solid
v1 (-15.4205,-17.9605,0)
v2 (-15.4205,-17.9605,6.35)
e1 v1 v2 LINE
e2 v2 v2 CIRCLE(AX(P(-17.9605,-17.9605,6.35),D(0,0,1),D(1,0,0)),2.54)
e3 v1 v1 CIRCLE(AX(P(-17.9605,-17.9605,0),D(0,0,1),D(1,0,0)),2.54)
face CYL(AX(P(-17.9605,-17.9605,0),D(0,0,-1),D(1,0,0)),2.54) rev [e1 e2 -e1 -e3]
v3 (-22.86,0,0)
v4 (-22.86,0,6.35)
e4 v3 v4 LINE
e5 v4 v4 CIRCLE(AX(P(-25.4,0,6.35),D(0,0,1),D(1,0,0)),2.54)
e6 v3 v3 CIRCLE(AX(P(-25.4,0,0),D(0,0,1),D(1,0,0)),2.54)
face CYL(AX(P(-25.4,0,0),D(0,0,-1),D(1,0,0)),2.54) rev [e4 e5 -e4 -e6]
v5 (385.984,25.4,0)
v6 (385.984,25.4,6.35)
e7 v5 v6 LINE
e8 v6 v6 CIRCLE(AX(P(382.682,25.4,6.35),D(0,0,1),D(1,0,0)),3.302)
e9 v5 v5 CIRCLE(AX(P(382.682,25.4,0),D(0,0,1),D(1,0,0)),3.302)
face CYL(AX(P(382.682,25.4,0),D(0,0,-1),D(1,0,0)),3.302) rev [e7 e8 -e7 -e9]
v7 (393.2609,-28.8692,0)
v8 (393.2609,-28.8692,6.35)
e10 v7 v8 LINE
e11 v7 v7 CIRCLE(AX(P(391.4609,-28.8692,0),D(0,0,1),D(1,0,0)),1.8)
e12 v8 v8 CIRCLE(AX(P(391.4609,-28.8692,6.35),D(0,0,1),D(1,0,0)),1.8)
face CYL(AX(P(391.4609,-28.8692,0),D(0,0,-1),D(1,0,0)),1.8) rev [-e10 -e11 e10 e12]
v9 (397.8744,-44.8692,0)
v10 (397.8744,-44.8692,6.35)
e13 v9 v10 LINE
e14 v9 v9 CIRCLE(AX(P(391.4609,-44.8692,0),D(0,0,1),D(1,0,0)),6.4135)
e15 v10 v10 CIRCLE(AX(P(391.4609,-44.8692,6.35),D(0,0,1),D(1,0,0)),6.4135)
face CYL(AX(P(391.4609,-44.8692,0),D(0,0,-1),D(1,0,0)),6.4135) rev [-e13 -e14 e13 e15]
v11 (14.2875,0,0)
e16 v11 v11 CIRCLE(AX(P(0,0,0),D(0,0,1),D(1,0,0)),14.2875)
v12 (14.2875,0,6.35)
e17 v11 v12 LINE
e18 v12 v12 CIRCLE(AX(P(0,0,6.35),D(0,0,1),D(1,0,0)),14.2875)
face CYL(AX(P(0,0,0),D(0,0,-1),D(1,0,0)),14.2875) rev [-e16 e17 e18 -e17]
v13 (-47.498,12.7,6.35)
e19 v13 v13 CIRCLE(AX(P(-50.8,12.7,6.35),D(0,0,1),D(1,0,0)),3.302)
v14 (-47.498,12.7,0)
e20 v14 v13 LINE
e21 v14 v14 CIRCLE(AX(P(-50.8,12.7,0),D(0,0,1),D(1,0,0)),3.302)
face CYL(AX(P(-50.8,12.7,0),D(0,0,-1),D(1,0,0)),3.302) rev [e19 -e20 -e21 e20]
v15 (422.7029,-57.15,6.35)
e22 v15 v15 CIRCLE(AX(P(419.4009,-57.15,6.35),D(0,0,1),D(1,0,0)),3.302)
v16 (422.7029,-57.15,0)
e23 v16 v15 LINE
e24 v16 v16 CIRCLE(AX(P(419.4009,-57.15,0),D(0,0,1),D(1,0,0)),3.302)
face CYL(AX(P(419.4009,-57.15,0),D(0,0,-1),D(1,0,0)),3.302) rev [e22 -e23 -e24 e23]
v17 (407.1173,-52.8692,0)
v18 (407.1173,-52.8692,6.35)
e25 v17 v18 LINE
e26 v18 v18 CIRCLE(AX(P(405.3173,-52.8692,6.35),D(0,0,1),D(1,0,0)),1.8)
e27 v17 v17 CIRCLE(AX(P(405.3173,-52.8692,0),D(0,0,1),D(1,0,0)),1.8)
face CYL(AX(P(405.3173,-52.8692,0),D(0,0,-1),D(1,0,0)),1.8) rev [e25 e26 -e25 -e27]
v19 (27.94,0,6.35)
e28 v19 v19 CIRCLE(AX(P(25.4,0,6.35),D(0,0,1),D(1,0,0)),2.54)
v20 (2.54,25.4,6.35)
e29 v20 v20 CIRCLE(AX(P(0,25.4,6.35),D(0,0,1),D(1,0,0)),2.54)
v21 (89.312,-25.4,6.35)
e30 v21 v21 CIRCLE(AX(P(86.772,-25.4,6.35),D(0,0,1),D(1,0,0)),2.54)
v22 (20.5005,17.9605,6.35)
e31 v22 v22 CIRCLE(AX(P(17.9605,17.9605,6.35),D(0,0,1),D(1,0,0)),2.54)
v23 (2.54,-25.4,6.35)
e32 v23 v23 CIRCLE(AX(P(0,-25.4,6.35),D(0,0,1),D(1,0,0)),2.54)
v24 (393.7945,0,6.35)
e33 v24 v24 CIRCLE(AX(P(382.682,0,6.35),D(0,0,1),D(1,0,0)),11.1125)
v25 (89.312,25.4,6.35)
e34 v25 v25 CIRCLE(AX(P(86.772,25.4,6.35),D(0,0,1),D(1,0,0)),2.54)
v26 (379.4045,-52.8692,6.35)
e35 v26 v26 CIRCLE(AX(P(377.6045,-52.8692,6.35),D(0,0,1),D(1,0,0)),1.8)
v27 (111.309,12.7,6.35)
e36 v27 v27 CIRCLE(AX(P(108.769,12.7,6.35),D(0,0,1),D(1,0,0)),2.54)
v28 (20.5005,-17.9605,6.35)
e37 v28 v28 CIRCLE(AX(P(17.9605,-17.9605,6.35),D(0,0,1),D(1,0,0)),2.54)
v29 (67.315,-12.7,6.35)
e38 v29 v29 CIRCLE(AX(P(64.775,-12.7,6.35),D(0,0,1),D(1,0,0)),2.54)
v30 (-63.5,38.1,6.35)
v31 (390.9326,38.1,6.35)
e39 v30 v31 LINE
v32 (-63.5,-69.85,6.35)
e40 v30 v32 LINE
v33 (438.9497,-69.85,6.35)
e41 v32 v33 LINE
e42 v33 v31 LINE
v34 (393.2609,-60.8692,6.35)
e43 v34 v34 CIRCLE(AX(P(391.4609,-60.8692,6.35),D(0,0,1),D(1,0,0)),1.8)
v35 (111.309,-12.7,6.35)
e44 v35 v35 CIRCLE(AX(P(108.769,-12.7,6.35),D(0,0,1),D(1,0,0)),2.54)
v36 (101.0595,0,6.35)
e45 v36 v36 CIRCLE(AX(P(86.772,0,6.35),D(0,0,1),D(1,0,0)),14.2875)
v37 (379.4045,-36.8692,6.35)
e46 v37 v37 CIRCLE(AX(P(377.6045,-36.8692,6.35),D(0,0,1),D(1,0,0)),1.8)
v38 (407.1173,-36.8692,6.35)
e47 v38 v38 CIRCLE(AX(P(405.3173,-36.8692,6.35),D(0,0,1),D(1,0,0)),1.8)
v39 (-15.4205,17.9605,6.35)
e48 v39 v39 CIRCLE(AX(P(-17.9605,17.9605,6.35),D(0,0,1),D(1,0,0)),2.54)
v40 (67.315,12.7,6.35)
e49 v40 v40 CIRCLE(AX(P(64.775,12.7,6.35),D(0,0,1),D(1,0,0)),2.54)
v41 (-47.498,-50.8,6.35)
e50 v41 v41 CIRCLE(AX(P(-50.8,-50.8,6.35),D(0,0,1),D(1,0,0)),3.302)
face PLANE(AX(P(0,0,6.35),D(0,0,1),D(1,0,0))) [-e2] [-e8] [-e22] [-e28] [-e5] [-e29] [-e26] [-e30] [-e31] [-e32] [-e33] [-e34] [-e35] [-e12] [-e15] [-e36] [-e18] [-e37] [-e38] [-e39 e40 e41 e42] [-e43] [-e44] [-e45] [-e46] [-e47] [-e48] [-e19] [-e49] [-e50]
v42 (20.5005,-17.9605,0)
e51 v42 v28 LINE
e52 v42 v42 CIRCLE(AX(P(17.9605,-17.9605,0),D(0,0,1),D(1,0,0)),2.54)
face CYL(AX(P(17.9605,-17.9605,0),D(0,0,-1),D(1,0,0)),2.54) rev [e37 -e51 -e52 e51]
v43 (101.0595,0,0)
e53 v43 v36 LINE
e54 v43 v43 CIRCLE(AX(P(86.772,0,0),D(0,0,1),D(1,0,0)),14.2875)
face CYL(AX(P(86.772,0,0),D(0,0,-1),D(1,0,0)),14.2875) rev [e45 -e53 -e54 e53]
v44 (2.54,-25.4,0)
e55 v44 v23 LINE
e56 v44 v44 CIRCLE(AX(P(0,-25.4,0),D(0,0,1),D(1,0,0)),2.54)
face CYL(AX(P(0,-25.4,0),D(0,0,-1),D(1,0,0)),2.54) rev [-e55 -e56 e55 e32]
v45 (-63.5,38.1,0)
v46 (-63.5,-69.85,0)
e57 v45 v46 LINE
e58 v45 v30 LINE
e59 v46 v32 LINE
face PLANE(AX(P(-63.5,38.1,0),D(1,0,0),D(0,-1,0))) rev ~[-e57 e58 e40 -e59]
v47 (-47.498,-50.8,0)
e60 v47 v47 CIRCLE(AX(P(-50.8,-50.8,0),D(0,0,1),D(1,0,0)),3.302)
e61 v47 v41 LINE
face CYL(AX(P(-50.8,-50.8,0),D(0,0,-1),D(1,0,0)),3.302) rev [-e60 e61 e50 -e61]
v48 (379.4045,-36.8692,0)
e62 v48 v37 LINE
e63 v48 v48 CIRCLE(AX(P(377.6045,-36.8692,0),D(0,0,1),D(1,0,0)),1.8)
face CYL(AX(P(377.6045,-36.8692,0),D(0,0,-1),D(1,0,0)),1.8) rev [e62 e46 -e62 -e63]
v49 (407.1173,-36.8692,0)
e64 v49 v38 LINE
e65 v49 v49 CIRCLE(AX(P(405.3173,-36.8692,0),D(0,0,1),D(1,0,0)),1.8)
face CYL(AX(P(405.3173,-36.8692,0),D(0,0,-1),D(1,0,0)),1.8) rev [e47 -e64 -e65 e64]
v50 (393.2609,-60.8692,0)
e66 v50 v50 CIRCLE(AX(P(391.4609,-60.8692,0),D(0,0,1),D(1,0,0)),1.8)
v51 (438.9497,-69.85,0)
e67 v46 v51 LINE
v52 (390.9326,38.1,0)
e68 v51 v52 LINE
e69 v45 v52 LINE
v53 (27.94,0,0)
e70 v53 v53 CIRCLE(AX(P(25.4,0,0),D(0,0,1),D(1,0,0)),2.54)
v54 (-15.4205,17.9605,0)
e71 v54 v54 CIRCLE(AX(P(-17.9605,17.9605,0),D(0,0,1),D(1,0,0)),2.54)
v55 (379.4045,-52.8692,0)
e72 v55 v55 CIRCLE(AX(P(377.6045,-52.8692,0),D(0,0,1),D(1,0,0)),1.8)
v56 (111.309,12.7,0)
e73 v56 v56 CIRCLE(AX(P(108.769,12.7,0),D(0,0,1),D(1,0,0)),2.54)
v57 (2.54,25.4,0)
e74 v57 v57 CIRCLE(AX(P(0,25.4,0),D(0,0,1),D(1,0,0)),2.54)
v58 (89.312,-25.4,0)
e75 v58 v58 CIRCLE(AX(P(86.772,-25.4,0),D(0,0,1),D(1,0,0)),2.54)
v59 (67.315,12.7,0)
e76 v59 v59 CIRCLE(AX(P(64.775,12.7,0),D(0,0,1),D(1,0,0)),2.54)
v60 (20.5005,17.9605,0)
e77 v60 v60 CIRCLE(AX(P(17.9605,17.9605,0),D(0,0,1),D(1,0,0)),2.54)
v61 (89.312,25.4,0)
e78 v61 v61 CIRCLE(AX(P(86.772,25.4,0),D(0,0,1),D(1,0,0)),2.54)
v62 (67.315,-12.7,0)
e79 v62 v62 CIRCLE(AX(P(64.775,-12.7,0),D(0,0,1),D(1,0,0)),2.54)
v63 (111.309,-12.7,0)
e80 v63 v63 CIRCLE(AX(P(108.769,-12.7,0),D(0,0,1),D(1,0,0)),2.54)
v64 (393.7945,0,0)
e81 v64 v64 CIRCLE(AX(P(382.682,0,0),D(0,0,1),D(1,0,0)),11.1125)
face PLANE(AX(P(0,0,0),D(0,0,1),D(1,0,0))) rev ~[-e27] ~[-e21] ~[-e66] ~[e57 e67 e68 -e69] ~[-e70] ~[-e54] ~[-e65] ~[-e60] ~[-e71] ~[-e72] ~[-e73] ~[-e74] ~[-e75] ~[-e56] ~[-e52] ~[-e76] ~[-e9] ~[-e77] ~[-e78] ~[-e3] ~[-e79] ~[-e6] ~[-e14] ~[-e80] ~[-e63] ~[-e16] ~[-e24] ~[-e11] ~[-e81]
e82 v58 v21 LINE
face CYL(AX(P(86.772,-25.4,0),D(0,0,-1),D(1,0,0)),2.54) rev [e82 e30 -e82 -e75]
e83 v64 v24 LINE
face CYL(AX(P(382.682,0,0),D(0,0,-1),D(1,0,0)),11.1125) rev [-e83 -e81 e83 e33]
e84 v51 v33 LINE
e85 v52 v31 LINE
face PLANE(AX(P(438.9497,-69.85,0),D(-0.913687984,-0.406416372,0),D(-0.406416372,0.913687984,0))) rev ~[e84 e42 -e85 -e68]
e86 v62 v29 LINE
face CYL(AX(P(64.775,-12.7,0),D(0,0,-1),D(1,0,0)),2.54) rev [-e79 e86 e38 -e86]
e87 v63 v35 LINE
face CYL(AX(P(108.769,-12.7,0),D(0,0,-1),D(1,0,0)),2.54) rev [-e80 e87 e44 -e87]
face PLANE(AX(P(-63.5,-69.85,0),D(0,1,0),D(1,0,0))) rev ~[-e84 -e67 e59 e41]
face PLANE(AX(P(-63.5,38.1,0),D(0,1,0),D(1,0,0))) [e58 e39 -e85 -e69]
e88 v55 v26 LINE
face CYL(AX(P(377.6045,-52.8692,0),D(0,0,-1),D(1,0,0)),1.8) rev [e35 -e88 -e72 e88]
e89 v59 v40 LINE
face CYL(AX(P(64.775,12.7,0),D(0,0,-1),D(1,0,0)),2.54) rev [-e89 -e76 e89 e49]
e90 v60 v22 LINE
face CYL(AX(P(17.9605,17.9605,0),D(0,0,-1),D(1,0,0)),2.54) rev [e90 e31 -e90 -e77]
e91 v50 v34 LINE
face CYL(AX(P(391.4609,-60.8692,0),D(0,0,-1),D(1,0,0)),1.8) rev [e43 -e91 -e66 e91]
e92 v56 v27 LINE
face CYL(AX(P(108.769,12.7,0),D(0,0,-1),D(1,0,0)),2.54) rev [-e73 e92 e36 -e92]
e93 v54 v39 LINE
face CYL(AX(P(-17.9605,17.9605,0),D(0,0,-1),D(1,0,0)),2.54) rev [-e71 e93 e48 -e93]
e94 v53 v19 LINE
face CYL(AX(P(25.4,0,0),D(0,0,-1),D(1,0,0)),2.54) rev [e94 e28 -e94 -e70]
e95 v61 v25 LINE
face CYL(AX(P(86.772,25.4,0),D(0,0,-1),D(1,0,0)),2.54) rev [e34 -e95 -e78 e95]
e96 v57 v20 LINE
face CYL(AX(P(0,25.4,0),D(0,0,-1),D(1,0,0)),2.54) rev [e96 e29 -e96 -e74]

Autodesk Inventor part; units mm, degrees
ref_plane "YZ Plane" through (0, 0, 0) normal (1, 0, 0) x (0, 1, 0)
ref_plane "XZ Plane" through (0, 0, 0) normal (0, 1, 0) x (-1, 0, 0)
ref_plane "XY Plane" through (0, 0, 0) normal (0, 0, 1) x (1, 0, 0)
sketch "Sketch1" plane through (0, 0, 0) normal (0, 0, 1) x (1, 0, 0)
  circle A0 centre (86.772, 0) radius 50.8 construction
  circle A1 centre (0, 0) radius 29.972 construction
  circle A2 centre (0, 0) radius 25.4 construction
  circle A3 centre (0, 25.4) radius 2.54
  circle A4 centre (17.9605, 17.9605) radius 2.54
  circle A5 centre (-17.9605, 17.9605) radius 2.54
  circle A6 centre (-17.9605, -17.9605) radius 2.54
  circle A7 centre (-25.4, 0) radius 2.54
  circle A8 centre (17.9605, -17.9605) radius 2.54
  circle A9 centre (25.4, 0) radius 2.54
  circle A10 centre (0, -25.4) radius 2.54
  line L0 (0, 25.4) -> (0, 0) construction
  line L1 (0, 0) -> (-17.9605, 17.9605) construction
  circle A11 centre (0, 0) radius 35.972 construction
  line L2 (-63.5, 38.1) -> (-63.5, -69.85)
  line L3 (-63.5, -69.85) -> (438.9497, -69.85)
  circle A12 centre (-50.8, 12.7) radius 3.302
  circle A13 centre (-50.8, -50.8) radius 3.302
  line L4 (-63.5, 38.1) -> (390.9326, 38.1)
  circle A14 centre (86.772, 0) radius 14.2875
  circle A15 centre (0, 0) radius 14.2875
  circle A16 centre (86.772, 0) radius 285.75 construction
  circle A17 centre (382.682, 25.4) radius 3.302
  circle A18 centre (419.4009, -57.15) radius 3.302
  circle A19 centre (86.772, 0) radius 25.4 construction
  circle A20 centre (86.772, 25.4) radius 2.54
  circle A21 centre (64.775, 12.7) radius 2.54
  circle A22 centre (64.775, -12.7) radius 2.54
  circle A23 centre (86.772, -25.4) radius 2.54
  circle A24 centre (108.769, -12.7) radius 2.54
  circle A25 centre (108.769, 12.7) radius 2.54
  circle A26 centre (391.4609, -44.8692) radius 16 construction
  circle A27 centre (391.4609, -44.8692) radius 6.4135
  circle A28 centre (391.4609, -28.8692) radius 1.8
  circle A29 centre (391.4609, -44.8692) radius 22.225 construction
  circle A30 centre (377.6045, -36.8692) radius 1.8
  circle A31 centre (377.6045, -52.8692) radius 1.8
  circle A32 centre (391.4609, -60.8692) radius 1.8
  circle A33 centre (405.3173, -52.8692) radius 1.8
  circle A34 centre (405.3173, -36.8692) radius 1.8
  circle A35 centre (382.682, 0) radius 11.1125
  circle A36 centre (382.682, 0) radius 10.16 construction
  line L5 (438.9497, -69.85) -> (390.9326, 38.1)
  point P0 (328.7742, 38.1)
  point P1 (341.6228, 38.1)
  dimension "d2" = 50.8
  dimension "d32" = 32
  dimension "d0" = 101.6
  dimension "d1" = 59.944
  dimension "d3" = 5.08
  dimension "d4" = 45
  dimension "d5" = 6
  dimension "d6" = 6.604
  dimension "d7" = 63.5
  dimension "d8" = 25.4
  dimension "d9" = 12.7
  dimension "d11" = 19.05
  dimension "d12" = 38.1
  dimension "d13" = 28.575
  dimension "d14" = 28.575
  dimension "d19" = 571.5
  dimension "d30" = 360
  dimension "d33" = 12.827
  dimension "d34" = 3.6
  dimension "d35" = 44.45
  dimension "d38" = 360
  dimension "d40" = 22.225
  dimension "d41" = 20.32
  dimension "d42" = 45.72
  dimension "d43" = 27.94
  dimension "d44" = 50.8
  dimension "d45" = 12.7
  dimension "d46" = 12.7
  dimension "d47" = 12.7
  dimension "d48" = 12.7
extrude "Extrusion1" add sketch "Sketch1" along normal blind 6.35
equation "\"WheelSize1\" = 101.6"
properties part number "Bottom Part"
